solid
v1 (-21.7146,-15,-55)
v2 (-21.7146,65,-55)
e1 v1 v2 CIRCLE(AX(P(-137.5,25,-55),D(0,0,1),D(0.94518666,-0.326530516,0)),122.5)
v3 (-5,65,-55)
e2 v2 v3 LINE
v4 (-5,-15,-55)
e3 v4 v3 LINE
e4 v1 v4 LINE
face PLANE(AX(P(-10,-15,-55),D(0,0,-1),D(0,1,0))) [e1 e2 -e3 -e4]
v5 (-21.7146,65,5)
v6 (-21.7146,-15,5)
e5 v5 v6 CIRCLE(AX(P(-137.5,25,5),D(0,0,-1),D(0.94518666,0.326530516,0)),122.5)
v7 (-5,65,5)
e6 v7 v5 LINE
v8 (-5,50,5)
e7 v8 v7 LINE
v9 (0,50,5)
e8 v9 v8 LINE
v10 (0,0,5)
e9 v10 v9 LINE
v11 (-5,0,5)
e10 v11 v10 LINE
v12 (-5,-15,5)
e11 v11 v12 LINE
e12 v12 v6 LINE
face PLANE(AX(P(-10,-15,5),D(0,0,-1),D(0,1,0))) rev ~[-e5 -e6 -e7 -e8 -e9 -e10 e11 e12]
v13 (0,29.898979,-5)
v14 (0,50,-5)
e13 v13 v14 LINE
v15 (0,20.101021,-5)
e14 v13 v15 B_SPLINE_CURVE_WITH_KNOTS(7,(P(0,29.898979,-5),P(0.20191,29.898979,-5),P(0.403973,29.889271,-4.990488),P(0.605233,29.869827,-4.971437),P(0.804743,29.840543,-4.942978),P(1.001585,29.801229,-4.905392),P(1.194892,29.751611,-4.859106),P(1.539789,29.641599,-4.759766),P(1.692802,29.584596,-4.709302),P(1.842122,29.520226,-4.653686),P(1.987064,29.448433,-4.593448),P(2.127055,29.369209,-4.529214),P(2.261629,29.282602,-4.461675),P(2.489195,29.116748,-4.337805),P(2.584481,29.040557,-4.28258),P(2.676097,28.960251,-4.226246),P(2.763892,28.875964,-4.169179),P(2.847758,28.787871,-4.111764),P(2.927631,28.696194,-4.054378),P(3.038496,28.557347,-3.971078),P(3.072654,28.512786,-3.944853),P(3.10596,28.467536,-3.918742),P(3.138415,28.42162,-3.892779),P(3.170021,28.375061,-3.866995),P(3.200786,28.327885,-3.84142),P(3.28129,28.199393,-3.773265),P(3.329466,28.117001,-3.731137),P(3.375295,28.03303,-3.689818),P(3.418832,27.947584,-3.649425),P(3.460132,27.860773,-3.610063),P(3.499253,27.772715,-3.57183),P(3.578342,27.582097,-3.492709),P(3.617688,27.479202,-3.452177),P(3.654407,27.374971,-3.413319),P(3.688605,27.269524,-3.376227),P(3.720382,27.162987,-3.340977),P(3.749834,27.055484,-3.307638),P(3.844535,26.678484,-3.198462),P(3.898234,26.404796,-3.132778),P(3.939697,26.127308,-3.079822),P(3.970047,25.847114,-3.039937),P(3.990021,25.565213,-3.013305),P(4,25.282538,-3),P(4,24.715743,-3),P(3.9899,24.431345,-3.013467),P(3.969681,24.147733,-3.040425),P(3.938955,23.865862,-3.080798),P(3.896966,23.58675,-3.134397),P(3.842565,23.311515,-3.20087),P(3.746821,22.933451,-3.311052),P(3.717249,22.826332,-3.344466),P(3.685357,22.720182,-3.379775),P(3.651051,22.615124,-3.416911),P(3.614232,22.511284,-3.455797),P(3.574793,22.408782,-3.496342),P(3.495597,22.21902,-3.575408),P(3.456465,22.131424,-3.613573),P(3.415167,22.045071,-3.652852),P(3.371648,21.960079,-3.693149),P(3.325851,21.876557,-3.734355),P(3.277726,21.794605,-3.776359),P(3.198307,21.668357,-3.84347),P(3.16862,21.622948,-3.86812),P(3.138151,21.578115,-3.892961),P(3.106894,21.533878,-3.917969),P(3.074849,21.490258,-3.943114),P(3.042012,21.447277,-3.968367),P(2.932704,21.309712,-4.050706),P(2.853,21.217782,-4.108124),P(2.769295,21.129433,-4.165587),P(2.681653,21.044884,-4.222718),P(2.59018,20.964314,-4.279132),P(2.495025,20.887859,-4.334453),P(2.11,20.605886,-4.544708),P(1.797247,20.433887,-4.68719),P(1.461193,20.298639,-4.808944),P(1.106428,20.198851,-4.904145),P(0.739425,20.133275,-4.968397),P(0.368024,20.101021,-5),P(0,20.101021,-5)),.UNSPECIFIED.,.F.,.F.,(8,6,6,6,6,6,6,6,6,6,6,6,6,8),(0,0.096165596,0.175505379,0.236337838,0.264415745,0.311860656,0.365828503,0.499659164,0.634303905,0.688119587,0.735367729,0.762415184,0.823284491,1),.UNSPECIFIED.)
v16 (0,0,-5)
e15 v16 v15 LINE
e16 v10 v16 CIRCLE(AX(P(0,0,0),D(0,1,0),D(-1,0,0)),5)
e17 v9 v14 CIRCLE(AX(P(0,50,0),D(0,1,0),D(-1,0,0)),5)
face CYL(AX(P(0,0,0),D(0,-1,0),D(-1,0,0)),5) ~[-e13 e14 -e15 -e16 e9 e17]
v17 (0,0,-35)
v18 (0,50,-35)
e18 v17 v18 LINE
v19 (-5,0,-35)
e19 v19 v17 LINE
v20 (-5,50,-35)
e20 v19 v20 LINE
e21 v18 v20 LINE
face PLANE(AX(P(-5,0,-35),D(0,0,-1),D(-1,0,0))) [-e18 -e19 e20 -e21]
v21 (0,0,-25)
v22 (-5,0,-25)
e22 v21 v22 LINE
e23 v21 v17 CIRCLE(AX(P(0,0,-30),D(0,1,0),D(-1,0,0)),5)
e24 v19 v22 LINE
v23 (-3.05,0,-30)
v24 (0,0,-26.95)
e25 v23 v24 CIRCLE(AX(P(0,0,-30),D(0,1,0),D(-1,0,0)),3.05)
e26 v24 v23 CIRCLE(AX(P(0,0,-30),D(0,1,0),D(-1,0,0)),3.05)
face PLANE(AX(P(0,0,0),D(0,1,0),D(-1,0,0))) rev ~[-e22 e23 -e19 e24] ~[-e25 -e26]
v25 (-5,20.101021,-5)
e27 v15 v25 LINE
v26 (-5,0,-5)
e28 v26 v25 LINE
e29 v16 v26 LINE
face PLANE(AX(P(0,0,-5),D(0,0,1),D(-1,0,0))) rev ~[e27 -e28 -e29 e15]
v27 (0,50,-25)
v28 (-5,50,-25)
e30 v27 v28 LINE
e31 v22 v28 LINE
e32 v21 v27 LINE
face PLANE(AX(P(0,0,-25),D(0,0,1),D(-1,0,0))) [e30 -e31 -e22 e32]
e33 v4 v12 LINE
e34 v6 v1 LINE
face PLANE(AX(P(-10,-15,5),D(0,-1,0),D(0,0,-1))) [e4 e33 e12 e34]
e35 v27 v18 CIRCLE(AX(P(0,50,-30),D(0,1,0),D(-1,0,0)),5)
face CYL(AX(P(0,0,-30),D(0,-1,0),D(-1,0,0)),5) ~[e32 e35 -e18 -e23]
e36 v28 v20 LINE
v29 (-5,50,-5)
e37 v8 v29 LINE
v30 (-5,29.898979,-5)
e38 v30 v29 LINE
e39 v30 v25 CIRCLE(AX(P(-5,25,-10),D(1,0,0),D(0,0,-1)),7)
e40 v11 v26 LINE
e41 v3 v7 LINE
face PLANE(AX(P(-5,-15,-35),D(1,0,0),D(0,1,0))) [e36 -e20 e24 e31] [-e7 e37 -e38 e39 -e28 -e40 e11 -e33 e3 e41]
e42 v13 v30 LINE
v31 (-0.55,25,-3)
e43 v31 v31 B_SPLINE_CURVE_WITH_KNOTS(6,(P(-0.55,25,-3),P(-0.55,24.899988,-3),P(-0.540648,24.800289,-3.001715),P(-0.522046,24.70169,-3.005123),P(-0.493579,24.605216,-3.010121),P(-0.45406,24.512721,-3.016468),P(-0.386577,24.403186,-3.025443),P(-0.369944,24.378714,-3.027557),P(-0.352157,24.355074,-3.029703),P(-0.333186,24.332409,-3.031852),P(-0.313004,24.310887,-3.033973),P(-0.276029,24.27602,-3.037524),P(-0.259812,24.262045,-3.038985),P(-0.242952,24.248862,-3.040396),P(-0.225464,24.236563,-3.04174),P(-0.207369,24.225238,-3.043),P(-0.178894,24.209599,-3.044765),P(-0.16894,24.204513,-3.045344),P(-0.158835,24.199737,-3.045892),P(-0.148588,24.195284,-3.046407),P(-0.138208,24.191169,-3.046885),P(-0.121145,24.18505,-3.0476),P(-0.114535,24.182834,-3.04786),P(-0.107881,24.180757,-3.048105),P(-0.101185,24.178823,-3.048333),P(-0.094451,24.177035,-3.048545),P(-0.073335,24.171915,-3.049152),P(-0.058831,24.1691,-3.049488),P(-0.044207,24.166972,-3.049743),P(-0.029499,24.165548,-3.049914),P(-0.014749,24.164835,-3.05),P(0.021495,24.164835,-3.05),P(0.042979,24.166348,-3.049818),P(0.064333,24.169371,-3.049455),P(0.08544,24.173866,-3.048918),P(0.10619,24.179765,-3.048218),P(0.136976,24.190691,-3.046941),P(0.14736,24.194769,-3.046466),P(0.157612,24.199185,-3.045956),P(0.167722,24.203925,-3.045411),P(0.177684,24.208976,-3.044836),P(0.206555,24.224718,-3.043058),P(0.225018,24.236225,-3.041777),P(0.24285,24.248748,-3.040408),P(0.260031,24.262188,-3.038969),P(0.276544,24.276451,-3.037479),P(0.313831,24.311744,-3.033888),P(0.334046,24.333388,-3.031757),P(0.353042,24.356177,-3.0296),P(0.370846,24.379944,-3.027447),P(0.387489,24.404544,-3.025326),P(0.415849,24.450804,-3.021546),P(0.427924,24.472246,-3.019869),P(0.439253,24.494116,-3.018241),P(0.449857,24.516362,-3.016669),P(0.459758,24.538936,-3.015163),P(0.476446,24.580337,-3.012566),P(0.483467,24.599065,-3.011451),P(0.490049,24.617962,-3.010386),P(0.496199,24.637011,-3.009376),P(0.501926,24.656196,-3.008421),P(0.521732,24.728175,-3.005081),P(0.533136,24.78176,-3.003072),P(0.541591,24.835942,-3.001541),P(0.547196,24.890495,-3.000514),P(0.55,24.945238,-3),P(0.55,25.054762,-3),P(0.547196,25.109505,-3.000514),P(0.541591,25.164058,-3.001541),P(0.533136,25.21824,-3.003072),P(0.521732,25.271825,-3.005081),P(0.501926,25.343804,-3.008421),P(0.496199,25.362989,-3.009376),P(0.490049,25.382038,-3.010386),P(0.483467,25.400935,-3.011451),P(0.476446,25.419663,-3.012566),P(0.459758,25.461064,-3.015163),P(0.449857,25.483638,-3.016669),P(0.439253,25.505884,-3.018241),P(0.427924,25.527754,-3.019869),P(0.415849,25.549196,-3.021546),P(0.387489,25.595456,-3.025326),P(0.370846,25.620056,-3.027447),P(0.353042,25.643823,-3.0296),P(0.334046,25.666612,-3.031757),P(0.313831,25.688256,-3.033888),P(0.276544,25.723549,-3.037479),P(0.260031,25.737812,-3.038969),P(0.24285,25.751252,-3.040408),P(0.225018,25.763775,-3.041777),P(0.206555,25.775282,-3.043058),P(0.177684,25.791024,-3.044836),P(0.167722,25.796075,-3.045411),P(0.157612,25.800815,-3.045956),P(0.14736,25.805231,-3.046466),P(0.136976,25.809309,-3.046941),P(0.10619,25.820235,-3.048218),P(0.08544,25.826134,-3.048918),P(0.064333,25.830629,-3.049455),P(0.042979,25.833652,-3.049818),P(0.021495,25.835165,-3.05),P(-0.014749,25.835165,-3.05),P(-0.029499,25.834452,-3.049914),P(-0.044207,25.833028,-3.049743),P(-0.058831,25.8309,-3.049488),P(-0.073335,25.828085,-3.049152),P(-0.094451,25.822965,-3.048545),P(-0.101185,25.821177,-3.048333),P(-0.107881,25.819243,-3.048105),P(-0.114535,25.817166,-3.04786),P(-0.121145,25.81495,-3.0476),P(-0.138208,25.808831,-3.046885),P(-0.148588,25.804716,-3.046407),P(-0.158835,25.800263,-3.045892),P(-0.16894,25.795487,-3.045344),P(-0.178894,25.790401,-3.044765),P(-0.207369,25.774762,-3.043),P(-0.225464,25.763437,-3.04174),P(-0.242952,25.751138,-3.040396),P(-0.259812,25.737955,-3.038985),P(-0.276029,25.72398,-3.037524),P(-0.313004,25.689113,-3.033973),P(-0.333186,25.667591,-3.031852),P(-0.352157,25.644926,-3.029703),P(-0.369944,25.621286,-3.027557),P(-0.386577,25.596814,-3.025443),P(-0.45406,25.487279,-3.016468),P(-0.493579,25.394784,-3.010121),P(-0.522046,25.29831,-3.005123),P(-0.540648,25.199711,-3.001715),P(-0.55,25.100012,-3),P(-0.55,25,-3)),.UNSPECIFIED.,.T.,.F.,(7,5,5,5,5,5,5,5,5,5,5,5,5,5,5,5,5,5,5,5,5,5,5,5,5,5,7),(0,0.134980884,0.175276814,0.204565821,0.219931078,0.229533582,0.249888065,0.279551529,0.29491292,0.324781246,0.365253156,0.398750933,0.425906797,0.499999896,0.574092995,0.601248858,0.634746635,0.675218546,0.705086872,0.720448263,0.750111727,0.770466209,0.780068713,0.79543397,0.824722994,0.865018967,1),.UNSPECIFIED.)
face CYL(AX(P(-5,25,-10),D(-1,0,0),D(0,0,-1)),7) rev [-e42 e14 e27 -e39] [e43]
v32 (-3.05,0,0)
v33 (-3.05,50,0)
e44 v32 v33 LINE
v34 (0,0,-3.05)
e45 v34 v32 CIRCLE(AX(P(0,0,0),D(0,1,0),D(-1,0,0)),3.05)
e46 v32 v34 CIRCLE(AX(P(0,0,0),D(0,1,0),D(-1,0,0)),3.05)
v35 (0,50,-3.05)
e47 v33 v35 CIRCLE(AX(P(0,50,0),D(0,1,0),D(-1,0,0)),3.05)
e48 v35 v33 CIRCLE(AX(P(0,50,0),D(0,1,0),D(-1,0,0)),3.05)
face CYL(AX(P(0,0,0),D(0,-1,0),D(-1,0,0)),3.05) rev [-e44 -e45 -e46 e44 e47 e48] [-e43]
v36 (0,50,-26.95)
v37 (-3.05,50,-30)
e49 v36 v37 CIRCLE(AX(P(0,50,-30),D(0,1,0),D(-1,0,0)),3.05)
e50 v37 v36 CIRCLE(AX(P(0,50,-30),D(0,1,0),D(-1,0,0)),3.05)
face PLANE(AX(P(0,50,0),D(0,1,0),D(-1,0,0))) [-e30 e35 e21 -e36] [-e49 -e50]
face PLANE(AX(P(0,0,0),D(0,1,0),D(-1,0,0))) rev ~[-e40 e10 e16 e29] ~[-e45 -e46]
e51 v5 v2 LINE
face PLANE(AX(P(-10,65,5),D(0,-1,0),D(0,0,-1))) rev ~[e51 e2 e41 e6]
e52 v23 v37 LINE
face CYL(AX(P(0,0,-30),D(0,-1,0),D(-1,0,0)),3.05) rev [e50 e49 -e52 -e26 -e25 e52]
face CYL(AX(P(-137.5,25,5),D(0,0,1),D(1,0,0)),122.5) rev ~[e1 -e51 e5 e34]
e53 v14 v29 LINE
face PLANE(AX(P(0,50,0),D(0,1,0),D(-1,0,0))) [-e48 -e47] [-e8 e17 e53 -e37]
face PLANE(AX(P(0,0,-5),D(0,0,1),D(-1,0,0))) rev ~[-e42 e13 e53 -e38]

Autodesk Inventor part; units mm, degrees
ref_plane "YZ Plane" through (0, 0, 0) normal (1, 0, 0) x (0, 1, 0)
ref_plane "XZ Plane" through (0, 0, 0) normal (0, 1, 0) x (-1, 0, 0)
sketch "スケッチ1" plane through (0, 0, 0) normal (0, 1, 0) x (-1, 0, 0)
  line L0 (0, 0) -> (0, -30)
  circle A0 centre (0, 0) radius 3.05
  circle A1 centre (0, -30) radius 3.05
  circle A2 centre (0, 0) radius 5
  circle A3 centre (0, -30) radius 5
  line L1 (5, 0) -> (5, -30)
  line L2 (0, -5) -> (5, -5)
  line L3 (0, -25) -> (5, -25)
  line L4 (0, 5) -> (5, 5)
  line L5 (5, 5) -> (5, 0)
  line L6 (0, -35) -> (5, -35)
  line L7 (5, -35) -> (5, -30)
  line L8 (5, 5) -> (10, 5)
  line L9 (10, 5) -> (10, -35)
  line L10 (10, -35) -> (5, -35)
  line L11 (5, -35) -> (5, 5)
  dimension "d0" = 30
  dimension "d1" = 6.1
  dimension "d2" = 6.1
  dimension "d3" = 10
  dimension "d4" = 10
  dimension "d5" = 5
  dimension "d6" = 40
extrude "押し出し1" add sketch "スケッチ1" along normal blind 50 contours A2 | A2 L1 L2 | L3 L1 A3 | A3 | L4 L5 A2 | L5 L8 L9 L10 L7 L1 | L7 L6 A3
sketch "スケッチ2" plane through (0, 50, 0) normal (0, 1, 0) x (1, 0, 0)
  line L0 (-10, 35) -> (-10, -5) projected
  line L1 (0, 35) -> (-10, 35) projected
  line L2 (-10, -5) -> (-5, -5)
  line L3 (-5, -5) -> (-5, 35)
  line L4 (-5, 35) -> (-10, 35)
  line L5 (-10, 35) -> (-10, -5)
  point P0 (0, 0)
extrude "押し出し2" add sketch "スケッチ2" along normal blind 15
sketch "スケッチ3" plane through (0, 0, 0) normal (0, -1, 0) x (1, 0, 0)
  line L0 (-10, 5) -> (0, 5) projected
  line L1 (-5, -35) -> (-5, -25) projected
  line L2 (-10, 5) -> (-5, 5)
  line L3 (-5, 5) -> (-5, -35)
  line L4 (-5, -35) -> (-10, -35)
  line L5 (-10, -35) -> (-10, 5)
  point P0 (0, 0)
extrude "押し出し3" add sketch "スケッチ3" along normal blind 15
sketch "スケッチ4" plane through (-5, 0, -25) normal (1, 0, 0) x (0, 0, -1)
  circle A0 centre (-15, 25) radius 7
  line L0 (-30, 0) -> (-30, 50) projected
  line L1 (-20, 0) -> (-30, 0) projected
  point P0 (-25, 0)
  dimension "d13" = 14
  dimension "d14" = 15
  dimension "d15" = 25
extrude "押し出し4" cut sketch "スケッチ4" along normal blind 50
sketch "スケッチ5" plane through (0, 0, -35) normal (0, 0, -1) x (-1, 0, 0)
  line L0 (10, -15) -> (10, 65) projected
  line L1 (10, 65) -> (5, 65) projected
  line L2 (10, -15) -> (5, -15)
  line L3 (5, -15) -> (5, 65)
  line L4 (5, 65) -> (10, 65)
  line L5 (10, 65) -> (10, -15)
  point P0 (0, 0)
extrude "押し出し5" add sketch "スケッチ5" along normal blind 20
ref_plane "作業平面1" through (-10, -13, 5) normal (-1, 0, 0) x (0, 0, 1)
sketch "スケッチ6" plane through (-10, -13, 5) normal (-1, 0, 0) x (0, 0, 1)
  line L0 (0, -2) -> (0, 78) projected
  line L1 (0, 78) -> (-60, 78) projected
  line L2 (-60, -2) -> (-60, 78) projected
  line L3 (0, -2) -> (-60, -2) projected
  point P0 (-5, 13)
extrude "押し出し6" add sketch "スケッチ6" along normal blind 5
sketch "スケッチ7" plane through (-5, 0, 5) normal (0, 0, 1) x (1, 0, 0)
  line L0 (-10, 63) -> (-10, -13) projected
  line L1 (-10, 25) -> (-132.5, 25)
  circle A0 centre (-132.5, 25) radius 122.5
  line L2 (-10, 65) -> (-16.7146, 65)
  line L3 (0, -15) -> (-10, -15) projected
  line L4 (-10, -15) -> (-16.7146, -15)
  line L5 (0, 0) -> (5, 0) projected
  line L6 (5, 0) -> (5, 50) projected
  line L7 (0, 50) -> (5, 50) projected
  line L8 (0, 50) -> (0, 65) projected
  line L9 (0, 65) -> (-10, 65) projected
  line L10 (-10, -15) -> (-10, 65) projected
  line L11 (0, -15) -> (-10, -15) projected
  line L12 (0, 0) -> (0, -15) projected
  dimension "d23" = 122.5
  dimension "d24" = 180
extrude "押し出し7" add sketch "スケッチ7" against normal blind 60 contours L0 A0 L2 L10 | L0 L10 L4 A0
properties part number "hand2_13" material "ABS プラスチック"
